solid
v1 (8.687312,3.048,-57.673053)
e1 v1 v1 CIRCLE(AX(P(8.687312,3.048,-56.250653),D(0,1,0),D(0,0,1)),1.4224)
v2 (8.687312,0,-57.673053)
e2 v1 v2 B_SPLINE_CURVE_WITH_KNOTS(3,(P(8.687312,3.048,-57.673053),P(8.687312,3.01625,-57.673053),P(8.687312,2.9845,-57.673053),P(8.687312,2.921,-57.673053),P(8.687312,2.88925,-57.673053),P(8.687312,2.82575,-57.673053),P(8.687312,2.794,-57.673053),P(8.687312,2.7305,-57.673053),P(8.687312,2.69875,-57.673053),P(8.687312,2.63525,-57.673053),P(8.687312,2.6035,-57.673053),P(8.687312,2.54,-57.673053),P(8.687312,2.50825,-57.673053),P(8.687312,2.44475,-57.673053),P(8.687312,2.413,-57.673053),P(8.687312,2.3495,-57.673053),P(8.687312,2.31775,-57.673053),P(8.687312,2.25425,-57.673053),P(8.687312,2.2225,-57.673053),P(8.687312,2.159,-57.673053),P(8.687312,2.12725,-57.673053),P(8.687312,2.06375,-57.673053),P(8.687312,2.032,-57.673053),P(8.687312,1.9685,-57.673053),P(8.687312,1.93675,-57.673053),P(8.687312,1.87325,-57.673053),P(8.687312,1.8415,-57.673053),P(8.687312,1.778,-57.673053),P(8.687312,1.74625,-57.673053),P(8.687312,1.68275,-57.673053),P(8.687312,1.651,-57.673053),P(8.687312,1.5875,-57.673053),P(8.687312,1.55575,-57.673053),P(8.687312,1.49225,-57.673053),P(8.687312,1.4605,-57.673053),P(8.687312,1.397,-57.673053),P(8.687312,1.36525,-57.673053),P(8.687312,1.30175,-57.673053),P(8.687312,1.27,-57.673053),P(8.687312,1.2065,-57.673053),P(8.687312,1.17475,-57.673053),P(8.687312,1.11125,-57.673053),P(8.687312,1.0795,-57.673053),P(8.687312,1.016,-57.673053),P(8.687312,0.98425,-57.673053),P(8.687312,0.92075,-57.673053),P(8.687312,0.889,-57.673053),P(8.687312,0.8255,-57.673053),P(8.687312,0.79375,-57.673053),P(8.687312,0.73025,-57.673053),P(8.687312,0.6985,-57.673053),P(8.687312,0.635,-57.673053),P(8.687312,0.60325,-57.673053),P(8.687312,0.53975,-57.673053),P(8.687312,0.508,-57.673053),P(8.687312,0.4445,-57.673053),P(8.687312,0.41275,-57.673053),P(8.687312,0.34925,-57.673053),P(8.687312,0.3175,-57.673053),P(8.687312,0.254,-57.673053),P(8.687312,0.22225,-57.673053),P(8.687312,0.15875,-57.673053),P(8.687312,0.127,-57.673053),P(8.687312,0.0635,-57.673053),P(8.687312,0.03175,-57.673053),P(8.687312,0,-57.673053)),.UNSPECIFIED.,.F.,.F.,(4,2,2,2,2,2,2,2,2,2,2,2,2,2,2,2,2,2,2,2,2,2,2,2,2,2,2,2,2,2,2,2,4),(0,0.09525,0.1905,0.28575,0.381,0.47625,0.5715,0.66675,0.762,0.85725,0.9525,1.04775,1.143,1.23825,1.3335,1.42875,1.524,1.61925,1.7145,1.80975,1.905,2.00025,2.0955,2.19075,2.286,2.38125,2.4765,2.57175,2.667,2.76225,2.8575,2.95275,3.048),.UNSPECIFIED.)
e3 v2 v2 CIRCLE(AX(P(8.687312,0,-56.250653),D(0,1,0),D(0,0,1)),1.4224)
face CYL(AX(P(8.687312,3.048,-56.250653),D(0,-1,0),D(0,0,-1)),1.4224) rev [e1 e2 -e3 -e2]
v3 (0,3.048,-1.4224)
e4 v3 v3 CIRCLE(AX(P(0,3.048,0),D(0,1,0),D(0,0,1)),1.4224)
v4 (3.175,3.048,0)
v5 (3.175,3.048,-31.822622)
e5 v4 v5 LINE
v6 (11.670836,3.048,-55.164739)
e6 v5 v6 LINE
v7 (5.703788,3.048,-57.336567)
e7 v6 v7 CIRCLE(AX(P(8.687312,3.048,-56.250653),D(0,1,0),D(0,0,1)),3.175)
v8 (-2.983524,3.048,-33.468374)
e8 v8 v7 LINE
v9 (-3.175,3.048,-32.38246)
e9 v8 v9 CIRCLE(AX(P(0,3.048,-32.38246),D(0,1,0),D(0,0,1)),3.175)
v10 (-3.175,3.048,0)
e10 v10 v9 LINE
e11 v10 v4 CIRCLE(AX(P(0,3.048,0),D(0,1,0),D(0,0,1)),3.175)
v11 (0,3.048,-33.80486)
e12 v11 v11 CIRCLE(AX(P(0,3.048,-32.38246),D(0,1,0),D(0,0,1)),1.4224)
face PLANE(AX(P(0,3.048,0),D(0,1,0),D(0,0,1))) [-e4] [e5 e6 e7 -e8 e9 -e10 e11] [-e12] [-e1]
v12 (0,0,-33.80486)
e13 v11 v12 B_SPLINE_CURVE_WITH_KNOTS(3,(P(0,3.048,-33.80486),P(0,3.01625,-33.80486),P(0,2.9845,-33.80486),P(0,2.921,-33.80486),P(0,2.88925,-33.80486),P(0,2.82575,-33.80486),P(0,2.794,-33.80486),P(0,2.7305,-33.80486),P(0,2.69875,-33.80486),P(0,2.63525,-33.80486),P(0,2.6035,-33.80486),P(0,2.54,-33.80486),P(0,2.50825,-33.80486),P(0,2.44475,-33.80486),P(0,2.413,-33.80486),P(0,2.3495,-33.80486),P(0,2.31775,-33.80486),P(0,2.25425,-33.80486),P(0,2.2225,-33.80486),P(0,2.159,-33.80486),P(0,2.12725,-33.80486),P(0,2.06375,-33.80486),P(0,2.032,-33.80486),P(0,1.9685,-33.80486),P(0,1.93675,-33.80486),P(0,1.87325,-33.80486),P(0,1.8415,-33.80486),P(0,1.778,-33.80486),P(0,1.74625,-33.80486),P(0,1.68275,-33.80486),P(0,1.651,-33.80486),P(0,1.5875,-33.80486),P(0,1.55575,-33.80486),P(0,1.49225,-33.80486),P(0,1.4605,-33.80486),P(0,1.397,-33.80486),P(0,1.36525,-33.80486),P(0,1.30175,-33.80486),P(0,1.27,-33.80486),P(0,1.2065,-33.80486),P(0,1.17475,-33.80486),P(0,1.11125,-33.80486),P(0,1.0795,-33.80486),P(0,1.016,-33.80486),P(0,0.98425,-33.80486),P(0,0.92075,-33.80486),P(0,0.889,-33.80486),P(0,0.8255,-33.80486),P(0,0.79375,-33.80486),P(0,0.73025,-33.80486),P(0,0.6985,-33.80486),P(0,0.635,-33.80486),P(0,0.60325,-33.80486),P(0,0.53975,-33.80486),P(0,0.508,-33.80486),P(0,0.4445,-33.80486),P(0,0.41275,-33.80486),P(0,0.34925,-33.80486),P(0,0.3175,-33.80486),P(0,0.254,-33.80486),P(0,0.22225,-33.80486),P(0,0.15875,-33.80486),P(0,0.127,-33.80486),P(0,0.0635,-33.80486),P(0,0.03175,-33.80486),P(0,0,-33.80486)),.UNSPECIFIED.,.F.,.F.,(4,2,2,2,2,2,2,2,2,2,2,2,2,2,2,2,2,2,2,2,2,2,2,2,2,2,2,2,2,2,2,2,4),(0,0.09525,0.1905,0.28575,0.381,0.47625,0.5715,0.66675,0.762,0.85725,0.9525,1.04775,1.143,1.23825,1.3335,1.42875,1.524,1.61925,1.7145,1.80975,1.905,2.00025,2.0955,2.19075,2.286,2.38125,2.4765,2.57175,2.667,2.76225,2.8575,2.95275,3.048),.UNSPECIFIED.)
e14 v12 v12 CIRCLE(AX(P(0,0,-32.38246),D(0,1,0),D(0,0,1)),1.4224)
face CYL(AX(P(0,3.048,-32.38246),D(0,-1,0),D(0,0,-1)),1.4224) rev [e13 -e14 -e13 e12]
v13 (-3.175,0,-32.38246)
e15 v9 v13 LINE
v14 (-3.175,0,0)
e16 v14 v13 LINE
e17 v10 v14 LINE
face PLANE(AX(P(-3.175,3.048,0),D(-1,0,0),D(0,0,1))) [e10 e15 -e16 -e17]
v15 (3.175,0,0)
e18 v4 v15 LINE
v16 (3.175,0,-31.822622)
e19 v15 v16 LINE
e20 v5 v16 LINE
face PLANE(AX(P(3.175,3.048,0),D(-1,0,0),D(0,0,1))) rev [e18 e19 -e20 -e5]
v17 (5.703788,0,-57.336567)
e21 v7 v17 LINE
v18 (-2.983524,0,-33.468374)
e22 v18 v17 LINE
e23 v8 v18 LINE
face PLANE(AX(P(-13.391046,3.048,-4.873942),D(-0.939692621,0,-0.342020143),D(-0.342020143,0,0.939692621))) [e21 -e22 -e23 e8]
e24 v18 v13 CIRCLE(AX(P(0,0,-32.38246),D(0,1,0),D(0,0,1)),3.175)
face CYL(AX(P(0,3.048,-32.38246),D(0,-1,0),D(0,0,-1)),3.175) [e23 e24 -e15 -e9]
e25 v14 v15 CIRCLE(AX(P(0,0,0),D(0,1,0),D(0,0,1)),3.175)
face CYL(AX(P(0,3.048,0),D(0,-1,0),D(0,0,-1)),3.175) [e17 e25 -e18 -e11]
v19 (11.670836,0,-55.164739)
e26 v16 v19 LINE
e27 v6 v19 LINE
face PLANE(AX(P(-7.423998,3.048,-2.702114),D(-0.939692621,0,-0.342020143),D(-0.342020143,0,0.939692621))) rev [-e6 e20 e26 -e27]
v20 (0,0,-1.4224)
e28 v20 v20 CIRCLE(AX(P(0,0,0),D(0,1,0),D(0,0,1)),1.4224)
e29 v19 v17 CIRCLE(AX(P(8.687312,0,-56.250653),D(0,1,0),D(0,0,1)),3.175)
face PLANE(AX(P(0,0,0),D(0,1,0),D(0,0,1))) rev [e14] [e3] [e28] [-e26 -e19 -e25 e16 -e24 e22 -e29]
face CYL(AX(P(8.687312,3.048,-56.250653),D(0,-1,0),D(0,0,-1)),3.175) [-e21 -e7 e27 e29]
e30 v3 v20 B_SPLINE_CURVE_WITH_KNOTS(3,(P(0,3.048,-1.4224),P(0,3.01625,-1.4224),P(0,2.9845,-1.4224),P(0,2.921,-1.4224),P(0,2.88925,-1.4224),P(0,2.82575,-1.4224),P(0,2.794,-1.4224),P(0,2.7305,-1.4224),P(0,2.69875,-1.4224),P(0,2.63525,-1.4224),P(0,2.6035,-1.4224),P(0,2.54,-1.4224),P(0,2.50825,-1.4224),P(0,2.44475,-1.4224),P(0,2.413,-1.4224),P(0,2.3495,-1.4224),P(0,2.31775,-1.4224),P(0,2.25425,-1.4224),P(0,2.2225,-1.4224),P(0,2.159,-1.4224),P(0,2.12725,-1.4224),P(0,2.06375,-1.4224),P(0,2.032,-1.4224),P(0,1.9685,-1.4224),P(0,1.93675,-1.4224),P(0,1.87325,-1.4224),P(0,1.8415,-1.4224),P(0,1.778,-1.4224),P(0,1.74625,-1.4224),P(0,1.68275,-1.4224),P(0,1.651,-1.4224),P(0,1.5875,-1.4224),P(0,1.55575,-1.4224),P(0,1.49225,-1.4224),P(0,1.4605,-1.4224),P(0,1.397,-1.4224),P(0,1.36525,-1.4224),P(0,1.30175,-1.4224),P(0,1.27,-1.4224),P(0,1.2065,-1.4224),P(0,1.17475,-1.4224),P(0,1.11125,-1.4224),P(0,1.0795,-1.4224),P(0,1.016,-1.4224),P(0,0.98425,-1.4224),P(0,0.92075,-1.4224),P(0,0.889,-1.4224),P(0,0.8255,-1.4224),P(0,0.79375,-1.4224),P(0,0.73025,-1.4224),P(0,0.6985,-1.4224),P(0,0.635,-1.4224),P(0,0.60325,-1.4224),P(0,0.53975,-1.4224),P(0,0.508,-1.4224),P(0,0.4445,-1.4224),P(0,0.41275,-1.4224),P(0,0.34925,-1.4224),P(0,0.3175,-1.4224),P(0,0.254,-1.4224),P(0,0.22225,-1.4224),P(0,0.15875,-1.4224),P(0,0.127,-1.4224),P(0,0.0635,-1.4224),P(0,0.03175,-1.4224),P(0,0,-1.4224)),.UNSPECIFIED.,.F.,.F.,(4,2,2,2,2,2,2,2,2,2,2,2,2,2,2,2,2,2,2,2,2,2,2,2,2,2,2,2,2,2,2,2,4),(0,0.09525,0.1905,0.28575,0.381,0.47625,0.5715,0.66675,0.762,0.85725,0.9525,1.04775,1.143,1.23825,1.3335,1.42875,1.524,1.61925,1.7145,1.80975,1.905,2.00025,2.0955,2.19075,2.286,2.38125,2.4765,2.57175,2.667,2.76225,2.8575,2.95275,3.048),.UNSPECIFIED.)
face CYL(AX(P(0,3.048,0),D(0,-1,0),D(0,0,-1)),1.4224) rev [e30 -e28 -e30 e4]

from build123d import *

# Parameters (mm, degrees)
SKETCH1_R           = 1.4224
BOSS_EXTRUDE1_DEPTH = 3.048


with BuildPart() as part:
    # Sketch1 → Boss-Extrude1 (new body)
    with BuildSketch(Plane(origin=(0, 0, 0), x_dir=(1, 0, 0), z_dir=(0, 1, 0))):
        with BuildLine():
            Line((-3.175, 32.38246), (-3.175, 0))
            ThreePointArc((-3.175, 0), (0, -3.175), (3.175, 0))
            Line((3.175, 0), (3.175, 31.822621836))
            Line((3.175, 31.822621836), (11.670835711, 55.164738613))
            ThreePointArc((11.670835711, 55.164738613), (9.773225596, 59.234176639), (5.703787569, 57.336566523))
            Line((5.703787569, 57.336566523), (-2.983524071, 33.468373955))
            ThreePointArc((-2.983524071, 33.468373955), (-3.126764616, 32.933792964), (-3.175, 32.38246))
        make_face()
        Circle(SKETCH1_R, mode=Mode.SUBTRACT)
        with Locations((0, 32.38246)):
            Circle(SKETCH1_R, mode=Mode.SUBTRACT)
        with Locations((8.68731164, 56.250652568)):
            Circle(SKETCH1_R, mode=Mode.SUBTRACT)
    extrude(amount=BOSS_EXTRUDE1_DEPTH)


solid = part.part
